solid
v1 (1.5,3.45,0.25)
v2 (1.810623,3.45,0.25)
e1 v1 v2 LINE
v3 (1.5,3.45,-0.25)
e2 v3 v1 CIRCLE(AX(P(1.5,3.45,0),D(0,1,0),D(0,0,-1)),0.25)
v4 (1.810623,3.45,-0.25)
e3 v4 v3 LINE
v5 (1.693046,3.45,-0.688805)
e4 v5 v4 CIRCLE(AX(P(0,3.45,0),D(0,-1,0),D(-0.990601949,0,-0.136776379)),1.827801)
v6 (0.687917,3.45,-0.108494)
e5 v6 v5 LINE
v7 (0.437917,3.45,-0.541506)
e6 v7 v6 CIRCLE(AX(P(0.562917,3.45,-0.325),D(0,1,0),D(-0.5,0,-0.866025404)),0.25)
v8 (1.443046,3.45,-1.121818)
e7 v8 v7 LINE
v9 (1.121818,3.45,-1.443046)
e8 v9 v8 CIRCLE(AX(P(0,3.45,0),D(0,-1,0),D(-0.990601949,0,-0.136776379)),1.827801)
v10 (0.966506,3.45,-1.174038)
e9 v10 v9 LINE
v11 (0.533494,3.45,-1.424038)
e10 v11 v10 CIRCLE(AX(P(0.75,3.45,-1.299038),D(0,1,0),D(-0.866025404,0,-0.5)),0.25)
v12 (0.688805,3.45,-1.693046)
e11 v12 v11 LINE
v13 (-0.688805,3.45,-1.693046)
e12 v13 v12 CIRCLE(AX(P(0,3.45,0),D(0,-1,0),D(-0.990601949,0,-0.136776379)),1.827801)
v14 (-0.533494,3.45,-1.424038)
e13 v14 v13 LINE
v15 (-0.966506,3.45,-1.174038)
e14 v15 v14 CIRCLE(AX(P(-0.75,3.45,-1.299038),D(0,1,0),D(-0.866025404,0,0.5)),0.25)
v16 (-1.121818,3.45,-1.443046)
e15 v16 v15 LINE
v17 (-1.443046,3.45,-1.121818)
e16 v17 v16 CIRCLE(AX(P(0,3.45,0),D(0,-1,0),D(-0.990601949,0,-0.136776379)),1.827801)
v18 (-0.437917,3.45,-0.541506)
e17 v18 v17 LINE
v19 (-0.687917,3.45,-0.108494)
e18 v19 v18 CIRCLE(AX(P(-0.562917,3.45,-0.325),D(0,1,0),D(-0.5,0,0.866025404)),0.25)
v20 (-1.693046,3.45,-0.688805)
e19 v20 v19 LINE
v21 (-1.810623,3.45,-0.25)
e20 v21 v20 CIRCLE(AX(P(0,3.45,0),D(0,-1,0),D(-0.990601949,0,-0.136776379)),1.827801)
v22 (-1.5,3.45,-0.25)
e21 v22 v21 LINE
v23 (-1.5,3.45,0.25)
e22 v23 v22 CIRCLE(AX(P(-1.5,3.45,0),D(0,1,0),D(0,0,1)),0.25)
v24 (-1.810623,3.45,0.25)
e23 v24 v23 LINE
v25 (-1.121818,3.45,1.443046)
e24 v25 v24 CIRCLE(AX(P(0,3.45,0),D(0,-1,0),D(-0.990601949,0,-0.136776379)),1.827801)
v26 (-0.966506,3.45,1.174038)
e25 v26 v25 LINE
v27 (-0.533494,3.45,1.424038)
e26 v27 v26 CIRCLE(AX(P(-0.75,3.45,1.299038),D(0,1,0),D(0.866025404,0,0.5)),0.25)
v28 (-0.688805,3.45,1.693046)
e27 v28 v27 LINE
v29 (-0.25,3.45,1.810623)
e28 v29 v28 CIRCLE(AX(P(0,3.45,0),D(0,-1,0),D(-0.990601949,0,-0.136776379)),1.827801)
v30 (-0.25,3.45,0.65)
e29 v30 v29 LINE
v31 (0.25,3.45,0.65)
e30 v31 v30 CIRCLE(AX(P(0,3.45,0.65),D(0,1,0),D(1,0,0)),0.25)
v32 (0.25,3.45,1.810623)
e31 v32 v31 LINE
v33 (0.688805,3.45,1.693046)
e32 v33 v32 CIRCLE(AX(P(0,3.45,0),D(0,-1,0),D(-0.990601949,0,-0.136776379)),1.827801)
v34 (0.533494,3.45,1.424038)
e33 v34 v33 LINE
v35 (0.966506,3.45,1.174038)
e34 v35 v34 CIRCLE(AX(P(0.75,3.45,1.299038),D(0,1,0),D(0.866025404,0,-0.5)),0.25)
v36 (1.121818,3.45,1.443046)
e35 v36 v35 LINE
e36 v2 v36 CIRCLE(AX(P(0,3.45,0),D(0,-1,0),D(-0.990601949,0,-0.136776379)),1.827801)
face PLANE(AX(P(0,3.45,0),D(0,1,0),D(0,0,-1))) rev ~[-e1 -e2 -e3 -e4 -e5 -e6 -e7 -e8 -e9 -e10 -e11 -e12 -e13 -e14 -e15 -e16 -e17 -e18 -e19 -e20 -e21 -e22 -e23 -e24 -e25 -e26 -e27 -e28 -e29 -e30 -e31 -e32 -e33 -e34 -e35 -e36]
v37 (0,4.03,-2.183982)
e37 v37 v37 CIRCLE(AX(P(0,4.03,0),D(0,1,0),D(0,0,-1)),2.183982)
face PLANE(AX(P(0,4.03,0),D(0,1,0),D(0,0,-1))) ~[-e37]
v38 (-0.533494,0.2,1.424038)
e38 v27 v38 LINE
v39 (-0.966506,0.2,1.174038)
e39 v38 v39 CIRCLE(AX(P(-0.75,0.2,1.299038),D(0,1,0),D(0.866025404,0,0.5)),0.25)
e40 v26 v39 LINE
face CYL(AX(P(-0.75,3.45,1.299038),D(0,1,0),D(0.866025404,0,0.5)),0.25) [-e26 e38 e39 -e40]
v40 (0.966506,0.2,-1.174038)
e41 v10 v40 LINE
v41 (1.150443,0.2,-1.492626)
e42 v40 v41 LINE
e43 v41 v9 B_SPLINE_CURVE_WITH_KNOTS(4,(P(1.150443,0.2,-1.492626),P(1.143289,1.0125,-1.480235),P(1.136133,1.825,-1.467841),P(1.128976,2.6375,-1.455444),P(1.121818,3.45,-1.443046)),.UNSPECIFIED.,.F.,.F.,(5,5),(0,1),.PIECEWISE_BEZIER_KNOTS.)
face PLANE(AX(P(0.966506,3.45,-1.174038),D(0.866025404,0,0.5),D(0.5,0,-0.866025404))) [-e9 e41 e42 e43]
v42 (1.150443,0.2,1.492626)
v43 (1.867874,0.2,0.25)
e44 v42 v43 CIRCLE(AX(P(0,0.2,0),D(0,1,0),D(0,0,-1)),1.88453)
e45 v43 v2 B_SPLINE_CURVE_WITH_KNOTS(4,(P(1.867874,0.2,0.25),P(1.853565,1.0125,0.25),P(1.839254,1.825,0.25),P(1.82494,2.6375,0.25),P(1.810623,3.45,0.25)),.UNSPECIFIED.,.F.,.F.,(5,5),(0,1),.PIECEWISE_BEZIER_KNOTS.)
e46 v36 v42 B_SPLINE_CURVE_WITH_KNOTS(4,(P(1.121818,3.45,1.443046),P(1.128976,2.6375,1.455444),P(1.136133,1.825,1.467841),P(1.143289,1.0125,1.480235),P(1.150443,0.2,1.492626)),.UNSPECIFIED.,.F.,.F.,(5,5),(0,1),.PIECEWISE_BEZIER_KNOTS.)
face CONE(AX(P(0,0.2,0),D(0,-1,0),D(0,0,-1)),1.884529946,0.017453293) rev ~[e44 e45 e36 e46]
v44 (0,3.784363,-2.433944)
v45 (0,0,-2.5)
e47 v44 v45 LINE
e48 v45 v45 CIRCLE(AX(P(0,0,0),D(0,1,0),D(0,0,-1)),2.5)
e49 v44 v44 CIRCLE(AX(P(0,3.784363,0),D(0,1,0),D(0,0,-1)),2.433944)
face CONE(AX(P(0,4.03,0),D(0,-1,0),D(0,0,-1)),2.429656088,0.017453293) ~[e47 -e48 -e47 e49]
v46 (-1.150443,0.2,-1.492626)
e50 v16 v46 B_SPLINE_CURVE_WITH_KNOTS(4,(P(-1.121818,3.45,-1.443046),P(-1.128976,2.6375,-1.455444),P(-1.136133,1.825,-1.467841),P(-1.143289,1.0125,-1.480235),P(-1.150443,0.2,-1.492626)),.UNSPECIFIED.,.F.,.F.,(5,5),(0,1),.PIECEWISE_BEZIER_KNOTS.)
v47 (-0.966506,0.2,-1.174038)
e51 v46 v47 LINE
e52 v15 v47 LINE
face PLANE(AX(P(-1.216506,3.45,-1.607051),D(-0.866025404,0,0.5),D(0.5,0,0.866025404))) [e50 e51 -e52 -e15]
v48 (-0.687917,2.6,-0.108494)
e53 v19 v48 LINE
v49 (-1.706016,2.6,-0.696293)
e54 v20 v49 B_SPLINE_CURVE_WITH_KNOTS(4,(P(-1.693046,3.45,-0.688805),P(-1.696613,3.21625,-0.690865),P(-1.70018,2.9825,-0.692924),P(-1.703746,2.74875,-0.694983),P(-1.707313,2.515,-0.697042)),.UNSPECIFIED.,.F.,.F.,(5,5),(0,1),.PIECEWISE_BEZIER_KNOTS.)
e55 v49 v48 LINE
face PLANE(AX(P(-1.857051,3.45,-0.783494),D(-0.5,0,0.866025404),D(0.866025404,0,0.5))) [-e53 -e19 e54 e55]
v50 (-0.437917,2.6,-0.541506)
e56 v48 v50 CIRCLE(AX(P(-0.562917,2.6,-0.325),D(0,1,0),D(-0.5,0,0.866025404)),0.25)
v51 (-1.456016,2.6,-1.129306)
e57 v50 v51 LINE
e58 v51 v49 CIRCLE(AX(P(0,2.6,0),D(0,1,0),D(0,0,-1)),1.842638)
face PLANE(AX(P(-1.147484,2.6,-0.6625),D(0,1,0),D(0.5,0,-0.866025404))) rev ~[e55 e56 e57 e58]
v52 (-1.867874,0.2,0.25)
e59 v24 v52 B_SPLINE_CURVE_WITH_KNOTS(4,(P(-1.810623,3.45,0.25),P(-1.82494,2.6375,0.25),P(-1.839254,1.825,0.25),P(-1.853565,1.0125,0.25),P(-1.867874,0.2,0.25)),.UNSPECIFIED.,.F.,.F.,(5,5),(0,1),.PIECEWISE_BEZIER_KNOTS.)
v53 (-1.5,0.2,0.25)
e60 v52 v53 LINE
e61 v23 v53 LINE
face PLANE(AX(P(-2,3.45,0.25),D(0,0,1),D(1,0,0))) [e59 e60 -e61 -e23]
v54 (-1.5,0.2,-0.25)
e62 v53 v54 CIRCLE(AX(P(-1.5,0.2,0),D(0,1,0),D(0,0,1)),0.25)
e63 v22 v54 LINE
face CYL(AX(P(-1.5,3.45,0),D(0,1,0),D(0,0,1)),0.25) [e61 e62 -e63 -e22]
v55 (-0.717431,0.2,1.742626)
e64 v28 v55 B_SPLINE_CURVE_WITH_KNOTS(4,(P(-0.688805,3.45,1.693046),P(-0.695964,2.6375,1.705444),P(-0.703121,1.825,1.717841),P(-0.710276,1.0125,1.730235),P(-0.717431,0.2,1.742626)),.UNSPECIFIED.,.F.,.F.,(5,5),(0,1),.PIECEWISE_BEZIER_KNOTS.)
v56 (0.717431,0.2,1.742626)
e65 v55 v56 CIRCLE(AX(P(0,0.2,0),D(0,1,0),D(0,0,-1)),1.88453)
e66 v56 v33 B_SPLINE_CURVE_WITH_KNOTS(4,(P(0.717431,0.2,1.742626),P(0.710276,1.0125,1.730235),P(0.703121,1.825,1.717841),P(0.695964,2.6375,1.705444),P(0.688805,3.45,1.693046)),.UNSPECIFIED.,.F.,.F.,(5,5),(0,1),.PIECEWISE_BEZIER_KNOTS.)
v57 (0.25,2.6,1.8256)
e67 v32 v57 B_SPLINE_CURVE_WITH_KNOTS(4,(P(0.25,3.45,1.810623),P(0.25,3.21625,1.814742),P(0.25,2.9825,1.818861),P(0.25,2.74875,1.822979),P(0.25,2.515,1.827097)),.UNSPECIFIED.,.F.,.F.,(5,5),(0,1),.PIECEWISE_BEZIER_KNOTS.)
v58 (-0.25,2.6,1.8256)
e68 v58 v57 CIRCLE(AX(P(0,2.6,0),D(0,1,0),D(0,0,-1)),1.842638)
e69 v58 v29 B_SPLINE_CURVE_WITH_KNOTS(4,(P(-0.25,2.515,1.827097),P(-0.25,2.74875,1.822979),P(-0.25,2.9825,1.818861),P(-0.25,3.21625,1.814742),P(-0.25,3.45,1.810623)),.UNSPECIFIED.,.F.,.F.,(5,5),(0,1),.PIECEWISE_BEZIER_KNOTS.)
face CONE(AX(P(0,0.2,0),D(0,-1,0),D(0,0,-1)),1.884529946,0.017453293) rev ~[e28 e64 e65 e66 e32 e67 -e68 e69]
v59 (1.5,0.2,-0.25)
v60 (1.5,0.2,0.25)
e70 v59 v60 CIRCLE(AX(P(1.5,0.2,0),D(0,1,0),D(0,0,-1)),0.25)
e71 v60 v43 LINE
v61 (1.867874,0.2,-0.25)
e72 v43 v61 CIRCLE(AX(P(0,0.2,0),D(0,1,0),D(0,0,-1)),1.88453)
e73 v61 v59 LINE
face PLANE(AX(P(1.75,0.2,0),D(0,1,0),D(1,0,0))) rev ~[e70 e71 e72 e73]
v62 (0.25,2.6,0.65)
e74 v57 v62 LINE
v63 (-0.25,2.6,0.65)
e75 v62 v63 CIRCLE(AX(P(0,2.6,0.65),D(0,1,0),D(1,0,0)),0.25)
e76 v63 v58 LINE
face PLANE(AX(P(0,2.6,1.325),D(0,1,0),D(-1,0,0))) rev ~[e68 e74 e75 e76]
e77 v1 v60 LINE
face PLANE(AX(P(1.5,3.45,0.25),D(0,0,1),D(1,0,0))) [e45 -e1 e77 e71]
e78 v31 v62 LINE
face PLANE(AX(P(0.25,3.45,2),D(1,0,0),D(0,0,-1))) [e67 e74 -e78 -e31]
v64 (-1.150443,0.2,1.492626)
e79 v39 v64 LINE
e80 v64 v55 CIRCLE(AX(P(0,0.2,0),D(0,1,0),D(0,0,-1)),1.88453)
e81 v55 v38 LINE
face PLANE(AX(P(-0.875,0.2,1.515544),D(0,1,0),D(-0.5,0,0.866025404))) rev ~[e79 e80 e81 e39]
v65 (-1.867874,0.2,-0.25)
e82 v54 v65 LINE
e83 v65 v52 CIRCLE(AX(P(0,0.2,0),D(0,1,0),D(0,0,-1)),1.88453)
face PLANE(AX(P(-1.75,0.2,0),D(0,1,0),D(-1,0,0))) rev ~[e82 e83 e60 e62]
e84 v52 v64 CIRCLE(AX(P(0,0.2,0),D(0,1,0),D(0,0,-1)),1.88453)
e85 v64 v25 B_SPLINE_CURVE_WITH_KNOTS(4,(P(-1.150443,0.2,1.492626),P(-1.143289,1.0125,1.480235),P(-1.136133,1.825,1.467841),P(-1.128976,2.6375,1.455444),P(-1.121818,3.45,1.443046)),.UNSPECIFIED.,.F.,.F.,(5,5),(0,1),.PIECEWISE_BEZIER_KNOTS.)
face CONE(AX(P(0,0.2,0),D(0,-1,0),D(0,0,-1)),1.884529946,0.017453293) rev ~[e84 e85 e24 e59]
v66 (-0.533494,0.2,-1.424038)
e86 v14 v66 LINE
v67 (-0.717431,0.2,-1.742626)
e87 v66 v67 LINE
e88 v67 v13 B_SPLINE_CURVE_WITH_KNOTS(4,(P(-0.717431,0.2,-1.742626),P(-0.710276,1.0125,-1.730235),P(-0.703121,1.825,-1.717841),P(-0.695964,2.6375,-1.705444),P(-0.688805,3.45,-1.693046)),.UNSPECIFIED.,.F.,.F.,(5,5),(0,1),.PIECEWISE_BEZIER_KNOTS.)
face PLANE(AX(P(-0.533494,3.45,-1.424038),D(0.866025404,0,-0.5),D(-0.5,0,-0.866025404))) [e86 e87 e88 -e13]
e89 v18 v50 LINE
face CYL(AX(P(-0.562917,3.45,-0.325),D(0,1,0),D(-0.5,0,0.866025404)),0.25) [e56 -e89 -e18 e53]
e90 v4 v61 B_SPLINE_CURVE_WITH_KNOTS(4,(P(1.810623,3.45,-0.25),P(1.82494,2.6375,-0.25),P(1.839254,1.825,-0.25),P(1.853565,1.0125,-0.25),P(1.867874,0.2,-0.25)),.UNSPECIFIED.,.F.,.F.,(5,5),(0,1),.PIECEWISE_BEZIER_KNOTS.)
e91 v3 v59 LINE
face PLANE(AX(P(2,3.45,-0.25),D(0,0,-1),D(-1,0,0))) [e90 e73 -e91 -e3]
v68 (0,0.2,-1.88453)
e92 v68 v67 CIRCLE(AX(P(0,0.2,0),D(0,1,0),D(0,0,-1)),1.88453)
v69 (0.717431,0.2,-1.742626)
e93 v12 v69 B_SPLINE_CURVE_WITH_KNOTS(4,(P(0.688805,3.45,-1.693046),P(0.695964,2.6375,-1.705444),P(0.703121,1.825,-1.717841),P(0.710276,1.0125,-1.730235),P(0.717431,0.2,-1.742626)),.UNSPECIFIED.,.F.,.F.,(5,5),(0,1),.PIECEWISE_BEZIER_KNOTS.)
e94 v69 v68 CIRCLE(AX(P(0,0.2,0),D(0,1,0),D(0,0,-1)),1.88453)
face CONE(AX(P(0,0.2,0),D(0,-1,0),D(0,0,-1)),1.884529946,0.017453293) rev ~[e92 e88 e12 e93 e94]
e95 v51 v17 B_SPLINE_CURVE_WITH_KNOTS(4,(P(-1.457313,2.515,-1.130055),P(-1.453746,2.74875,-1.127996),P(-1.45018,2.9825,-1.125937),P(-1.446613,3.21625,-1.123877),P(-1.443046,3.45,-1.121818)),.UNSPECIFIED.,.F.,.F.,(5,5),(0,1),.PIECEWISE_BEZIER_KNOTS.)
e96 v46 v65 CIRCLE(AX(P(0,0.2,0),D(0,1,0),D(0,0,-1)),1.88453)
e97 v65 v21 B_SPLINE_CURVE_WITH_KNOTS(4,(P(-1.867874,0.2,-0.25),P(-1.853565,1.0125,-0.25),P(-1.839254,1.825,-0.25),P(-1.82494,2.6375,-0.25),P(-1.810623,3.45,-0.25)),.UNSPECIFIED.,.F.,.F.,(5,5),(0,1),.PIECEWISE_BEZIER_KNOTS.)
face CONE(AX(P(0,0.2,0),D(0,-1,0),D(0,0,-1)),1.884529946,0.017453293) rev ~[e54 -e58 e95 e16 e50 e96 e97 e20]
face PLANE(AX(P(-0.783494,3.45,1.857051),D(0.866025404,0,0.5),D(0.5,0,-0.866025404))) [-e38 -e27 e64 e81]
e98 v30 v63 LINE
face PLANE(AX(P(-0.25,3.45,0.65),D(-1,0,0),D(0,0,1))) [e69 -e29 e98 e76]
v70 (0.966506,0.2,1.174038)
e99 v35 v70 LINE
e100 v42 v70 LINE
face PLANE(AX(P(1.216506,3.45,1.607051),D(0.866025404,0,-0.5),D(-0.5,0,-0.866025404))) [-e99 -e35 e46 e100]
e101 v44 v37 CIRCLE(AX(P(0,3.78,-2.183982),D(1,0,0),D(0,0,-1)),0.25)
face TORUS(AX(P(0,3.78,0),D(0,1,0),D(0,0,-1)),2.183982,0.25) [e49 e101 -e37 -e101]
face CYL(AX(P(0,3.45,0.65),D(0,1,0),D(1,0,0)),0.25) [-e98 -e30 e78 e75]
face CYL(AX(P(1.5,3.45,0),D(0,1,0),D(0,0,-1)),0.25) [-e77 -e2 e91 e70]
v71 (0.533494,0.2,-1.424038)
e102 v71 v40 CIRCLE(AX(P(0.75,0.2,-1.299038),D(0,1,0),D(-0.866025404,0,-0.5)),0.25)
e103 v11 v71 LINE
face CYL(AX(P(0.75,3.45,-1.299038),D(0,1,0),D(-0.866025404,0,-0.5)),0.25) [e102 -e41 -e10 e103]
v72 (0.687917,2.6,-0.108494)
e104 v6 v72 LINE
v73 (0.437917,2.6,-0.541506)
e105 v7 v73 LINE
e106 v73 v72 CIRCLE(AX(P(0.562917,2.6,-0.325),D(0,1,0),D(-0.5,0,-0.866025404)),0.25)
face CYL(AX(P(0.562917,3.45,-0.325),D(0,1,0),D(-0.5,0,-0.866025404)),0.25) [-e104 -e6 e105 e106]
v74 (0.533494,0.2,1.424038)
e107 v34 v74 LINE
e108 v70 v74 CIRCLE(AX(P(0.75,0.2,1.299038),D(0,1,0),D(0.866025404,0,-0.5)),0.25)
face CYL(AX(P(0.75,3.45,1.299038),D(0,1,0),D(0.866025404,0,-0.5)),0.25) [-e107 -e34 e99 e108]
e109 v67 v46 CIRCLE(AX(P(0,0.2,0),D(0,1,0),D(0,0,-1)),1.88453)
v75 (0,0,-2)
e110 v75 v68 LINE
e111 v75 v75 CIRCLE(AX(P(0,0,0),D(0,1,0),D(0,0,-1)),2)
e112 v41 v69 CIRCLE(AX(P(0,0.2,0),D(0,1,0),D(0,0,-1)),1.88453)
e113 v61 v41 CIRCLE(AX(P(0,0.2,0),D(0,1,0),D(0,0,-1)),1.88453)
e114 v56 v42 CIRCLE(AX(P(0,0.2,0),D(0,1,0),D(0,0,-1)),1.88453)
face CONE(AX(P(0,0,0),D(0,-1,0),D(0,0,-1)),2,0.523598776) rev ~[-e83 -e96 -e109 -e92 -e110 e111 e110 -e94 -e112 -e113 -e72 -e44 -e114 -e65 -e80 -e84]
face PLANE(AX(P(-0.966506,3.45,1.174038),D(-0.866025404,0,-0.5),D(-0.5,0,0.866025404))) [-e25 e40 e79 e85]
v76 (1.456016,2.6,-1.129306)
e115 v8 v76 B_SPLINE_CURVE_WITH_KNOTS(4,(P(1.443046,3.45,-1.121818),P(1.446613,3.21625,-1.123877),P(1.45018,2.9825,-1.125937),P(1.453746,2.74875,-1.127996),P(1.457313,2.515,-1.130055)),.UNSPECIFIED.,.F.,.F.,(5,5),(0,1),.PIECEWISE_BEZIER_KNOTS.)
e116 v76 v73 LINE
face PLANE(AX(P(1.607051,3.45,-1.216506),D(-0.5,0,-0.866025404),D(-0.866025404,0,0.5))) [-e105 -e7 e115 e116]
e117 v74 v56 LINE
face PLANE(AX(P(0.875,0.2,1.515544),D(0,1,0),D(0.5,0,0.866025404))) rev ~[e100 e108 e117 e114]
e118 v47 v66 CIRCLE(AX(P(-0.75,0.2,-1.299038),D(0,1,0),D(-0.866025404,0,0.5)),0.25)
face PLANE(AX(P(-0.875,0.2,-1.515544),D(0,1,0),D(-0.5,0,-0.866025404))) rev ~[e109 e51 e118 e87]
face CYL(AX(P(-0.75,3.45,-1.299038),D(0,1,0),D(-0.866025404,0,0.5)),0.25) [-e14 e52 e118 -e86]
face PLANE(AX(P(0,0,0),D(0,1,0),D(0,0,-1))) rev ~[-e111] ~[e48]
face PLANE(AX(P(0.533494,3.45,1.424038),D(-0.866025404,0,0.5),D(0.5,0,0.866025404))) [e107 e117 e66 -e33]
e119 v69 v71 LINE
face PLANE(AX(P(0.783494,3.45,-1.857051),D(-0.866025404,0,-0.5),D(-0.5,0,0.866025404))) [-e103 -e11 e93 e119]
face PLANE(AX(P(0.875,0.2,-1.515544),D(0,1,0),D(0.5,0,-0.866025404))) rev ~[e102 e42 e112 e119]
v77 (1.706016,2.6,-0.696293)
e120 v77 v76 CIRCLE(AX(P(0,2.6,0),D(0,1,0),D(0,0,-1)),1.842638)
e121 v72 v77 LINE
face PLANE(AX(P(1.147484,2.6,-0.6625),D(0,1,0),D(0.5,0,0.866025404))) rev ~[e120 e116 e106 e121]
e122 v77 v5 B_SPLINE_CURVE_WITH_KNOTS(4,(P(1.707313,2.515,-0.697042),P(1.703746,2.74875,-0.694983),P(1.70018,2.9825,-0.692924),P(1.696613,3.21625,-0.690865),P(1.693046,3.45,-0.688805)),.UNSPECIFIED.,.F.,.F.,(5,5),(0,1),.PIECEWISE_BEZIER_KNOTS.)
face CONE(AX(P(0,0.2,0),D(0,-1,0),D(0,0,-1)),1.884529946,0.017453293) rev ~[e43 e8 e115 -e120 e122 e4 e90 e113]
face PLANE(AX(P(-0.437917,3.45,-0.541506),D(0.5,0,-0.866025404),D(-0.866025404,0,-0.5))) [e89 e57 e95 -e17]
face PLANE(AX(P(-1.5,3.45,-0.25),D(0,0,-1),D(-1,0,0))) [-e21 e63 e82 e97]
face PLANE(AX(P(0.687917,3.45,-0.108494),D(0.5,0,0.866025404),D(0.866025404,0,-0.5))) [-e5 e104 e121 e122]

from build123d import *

# Parameters (mm, degrees)
BOSS_EXTRUDE1_DEPTH = 3.25
CIRPATTERN1_COUNT   = 6
BOSS_EXTRUDE2_DEPTH = 0.85
CIRPATTERN2_COUNT   = 3
FILLET1_R           = 0.25


with BuildPart() as part:
    # Sketch1 → Revolve1 (revolve)
    with BuildSketch(Plane.XY, mode=Mode.PRIVATE) as revolve1_sk:
        Polygon((-1.827800985, 3.45), (0, 3.45), (0, 4.03), (-2.429656088, 4.03), (-2.5, 0), (-2, 0), (-1.884529946, 0.2), align=None)
    revolve(revolve1_sk.sketch.rotate(Axis((0, 0, 0), (0, 1, 0)), 270), axis=Axis((0, 0, 0), (0, 1, 0)))

    # Sketch2 → Boss-Extrude1 (add)
    with BuildSketch(Plane.XZ.offset(-3.45)):
        with BuildLine():
            Line((-2, 0.25), (-1.5, 0.25))
            ThreePointArc((-1.5, 0.25), (-1.25, 0), (-1.5, -0.25))
            Line((-1.5, -0.25), (-2, -0.25))
            ThreePointArc((-2, -0.25), (-2.25, 0), (-2, 0.25))
        make_face()
    boss_extrude1 = extrude(amount=BOSS_EXTRUDE1_DEPTH)

    # CirPattern1: Boss-Extrude1 ×6 about axis
    cirpattern1_axis = Axis((0, 0, 0), (0, 1, 0))
    for i in range(1, CIRPATTERN1_COUNT):
        add(boss_extrude1.rotate(cirpattern1_axis, i * 360 / CIRPATTERN1_COUNT))

    # Sketch3 → Boss-Extrude2 (add)
    with BuildSketch(Plane.XZ.offset(-3.45)):
        with BuildLine():
            Line((-0.25, 0.65), (-0.25, 2))
            ThreePointArc((-0.25, 2), (0, 2.25), (0.25, 2))
            Line((0.25, 2), (0.25, 0.65))
            ThreePointArc((0.25, 0.65), (0, 0.4), (-0.25, 0.65))
        make_face()
    boss_extrude2 = extrude(amount=BOSS_EXTRUDE2_DEPTH)

    # CirPattern2: Boss-Extrude2 ×3 about axis
    cirpattern2_axis = Axis((0, 0, 0), (0, 1, 0))
    for i in range(1, CIRPATTERN2_COUNT):
        add(boss_extrude2.rotate(cirpattern2_axis, i * 360 / CIRPATTERN2_COUNT))

    # Fillet1
    fillet1_edges = [part.edges().sort_by_distance(p)[0] for p in [
        (0, 4.03, 2.429656088),
    ]]
    fillet(fillet1_edges, radius=FILLET1_R)


solid = part.part
